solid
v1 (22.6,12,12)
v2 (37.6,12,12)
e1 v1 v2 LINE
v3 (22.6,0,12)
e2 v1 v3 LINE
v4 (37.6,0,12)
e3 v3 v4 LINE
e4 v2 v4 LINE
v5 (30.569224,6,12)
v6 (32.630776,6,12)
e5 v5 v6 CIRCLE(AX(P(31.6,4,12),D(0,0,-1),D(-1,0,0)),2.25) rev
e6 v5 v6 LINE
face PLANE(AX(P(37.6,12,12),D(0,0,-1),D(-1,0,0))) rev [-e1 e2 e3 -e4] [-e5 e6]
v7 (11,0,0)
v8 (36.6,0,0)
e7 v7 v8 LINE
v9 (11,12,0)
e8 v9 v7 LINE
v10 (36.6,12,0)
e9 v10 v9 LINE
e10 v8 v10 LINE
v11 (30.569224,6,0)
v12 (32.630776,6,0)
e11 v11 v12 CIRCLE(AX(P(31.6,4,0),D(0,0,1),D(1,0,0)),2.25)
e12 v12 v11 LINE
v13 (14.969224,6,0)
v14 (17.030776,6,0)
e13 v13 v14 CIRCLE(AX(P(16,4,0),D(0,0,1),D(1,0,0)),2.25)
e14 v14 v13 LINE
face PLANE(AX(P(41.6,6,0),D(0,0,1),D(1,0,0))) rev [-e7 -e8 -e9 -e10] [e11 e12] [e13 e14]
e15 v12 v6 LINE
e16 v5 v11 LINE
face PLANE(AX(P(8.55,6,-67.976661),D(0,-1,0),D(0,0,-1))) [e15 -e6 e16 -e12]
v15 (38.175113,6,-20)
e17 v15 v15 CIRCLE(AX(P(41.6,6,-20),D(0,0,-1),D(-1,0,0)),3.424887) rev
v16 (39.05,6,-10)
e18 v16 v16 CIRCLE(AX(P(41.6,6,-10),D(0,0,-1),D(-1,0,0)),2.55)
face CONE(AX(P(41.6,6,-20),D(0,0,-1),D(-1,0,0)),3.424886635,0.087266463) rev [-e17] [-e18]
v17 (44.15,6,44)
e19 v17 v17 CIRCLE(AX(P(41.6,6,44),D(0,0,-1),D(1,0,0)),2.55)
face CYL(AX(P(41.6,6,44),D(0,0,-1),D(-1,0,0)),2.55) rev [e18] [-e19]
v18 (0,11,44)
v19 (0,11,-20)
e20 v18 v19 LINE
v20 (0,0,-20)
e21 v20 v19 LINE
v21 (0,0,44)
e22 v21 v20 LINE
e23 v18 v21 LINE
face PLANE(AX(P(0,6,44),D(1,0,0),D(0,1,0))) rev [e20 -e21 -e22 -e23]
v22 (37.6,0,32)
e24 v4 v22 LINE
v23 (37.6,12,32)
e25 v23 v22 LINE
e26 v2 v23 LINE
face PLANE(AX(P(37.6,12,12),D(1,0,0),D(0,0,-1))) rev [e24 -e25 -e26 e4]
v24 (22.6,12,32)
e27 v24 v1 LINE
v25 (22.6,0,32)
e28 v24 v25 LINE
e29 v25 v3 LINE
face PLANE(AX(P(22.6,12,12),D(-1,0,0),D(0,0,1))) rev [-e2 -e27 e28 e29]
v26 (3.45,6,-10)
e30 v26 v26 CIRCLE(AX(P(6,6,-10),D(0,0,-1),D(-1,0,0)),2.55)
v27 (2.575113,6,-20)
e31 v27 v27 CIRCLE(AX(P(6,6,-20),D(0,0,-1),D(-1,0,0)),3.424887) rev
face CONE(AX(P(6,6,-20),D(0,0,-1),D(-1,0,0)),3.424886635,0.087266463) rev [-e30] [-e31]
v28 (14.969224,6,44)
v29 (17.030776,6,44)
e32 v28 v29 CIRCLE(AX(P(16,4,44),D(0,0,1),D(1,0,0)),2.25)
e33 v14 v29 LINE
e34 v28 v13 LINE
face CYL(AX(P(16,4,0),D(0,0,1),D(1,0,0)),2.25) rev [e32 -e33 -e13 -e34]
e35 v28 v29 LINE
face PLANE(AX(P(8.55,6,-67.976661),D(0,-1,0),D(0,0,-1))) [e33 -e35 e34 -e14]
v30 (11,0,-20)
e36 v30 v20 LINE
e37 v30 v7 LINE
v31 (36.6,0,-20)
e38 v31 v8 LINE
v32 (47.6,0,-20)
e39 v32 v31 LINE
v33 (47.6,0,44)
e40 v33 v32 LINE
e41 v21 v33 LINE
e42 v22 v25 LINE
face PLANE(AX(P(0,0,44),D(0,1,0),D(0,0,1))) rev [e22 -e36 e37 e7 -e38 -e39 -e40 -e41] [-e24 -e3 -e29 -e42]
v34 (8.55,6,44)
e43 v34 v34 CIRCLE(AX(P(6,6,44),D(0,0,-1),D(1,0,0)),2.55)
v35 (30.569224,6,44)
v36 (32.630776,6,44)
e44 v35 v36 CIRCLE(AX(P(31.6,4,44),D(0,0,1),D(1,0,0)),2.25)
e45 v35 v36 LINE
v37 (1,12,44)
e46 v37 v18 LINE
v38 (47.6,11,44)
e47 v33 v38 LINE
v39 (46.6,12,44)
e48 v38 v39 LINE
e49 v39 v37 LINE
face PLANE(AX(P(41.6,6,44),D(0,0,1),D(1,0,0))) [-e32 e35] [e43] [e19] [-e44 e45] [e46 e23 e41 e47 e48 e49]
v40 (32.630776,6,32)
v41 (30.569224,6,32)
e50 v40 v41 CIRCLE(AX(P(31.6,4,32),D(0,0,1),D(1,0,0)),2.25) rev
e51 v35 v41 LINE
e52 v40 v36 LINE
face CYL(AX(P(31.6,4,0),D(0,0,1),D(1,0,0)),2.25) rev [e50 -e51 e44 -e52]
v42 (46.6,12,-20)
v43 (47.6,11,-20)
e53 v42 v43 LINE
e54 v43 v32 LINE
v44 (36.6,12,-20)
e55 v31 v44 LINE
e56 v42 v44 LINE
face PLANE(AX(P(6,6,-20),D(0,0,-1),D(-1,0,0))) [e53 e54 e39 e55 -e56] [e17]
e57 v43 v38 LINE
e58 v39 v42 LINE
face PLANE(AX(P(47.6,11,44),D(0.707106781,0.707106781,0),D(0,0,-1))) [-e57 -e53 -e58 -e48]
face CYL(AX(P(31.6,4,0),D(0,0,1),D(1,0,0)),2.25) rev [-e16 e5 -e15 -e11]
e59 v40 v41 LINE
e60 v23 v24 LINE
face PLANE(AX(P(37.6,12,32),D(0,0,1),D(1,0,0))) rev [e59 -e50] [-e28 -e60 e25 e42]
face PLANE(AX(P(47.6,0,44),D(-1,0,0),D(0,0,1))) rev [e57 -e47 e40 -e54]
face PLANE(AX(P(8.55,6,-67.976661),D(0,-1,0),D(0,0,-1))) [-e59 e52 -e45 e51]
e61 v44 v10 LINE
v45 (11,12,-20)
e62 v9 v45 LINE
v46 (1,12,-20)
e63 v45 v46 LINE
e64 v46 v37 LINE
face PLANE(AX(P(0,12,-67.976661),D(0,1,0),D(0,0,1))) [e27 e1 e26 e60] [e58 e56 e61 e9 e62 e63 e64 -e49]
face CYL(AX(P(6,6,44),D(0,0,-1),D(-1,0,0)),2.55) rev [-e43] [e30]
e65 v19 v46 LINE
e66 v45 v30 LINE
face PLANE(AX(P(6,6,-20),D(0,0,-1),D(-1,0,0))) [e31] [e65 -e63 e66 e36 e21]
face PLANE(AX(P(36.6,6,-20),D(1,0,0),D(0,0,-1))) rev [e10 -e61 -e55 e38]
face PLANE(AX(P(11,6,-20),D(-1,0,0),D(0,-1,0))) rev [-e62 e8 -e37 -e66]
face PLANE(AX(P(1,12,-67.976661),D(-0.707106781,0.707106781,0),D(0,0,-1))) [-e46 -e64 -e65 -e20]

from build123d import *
from OCP.BRepFilletAPI import BRepFilletAPI_MakeChamfer

# Parameters (mm, degrees)
BOSS_EXTRUDE1_DEPTH = 44
SKETCH2_R           = 2.25
CUT_EXTRUDE1_DEPTH  = 66.098079849
BOSS_EXTRUDE2_START = 20
BOSS_EXTRUDE2_DEPTH = 20
BOSS_EXTRUDE3_START = -64
BOSS_EXTRUDE3_DEPTH = 64
SKETCH6_W           = 25.6
SKETCH6_H           = 20
CUT_EXTRUDE2_DEPTH  = 66.098079849
CHAMFER1_SIZE       = 10
CHAMFER1_SIZE2      = 0.874886635
CHAMFER2_SIZE       = 1
SKETCH7_W           = 15
SKETCH7_H           = 20
CUT_EXTRUDE3_DEPTH  = 66.922378598


with BuildPart() as part:
    # Sketch1 → Boss-Extrude1 (new body)
    with BuildSketch(Plane.XY):
        with BuildLine():
            Line((0, 0), (47.6, 0))
            Line((47.6, 0), (47.6, 6))
            Line((47.6, 6), (44.15, 6))
            ThreePointArc((44.15, 6), (41.6, 3.45), (39.05, 6))
            Line((39.05, 6), (8.55, 6))
            ThreePointArc((8.55, 6), (6, 3.45), (3.45, 6))
            Line((3.45, 6), (0, 6))
            Line((0, 6), (0, 0))
        make_face()
    extrude(amount=BOSS_EXTRUDE1_DEPTH)

    # Sketch2 → Cut-Extrude1 (cut, through all)
    with BuildSketch(Plane.XY.offset(44)):
        with Locations((16, 4)):
            Circle(SKETCH2_R)
        with Locations((31.6, 4)):
            Circle(SKETCH2_R)
    extrude(amount=-CUT_EXTRUDE1_DEPTH, mode=Mode.SUBTRACT)

    # Sketch4 → Boss-Extrude2 (add)
    with BuildSketch(Plane(origin=(0, 0, 0), x_dir=(-1, 0, 0), z_dir=(0, 0, -1)).offset(BOSS_EXTRUDE2_START)):
        with BuildLine():
            Line((-11, 6), (-11, 0))
            Line((-11, 0), (0, 0))
            Line((0, 0), (0, 6))
            Line((0, 6), (-3.45, 6))
            ThreePointArc((-3.45, 6), (-6, 3.45), (-8.55, 6))
            Line((-8.55, 6), (-11, 6))
        make_face()
        with BuildLine():
            Line((-36.6, 6), (-36.6, 0))
            Line((-36.6, 0), (-47.6, 0))
            Line((-47.6, 0), (-47.6, 6))
            Line((-47.6, 6), (-44.15, 6))
            ThreePointArc((-44.15, 6), (-41.6, 3.45), (-39.05, 6))
            Line((-39.05, 6), (-36.6, 6))
        make_face()
    extrude(amount=-BOSS_EXTRUDE2_DEPTH)

    # Sketch5 → Boss-Extrude3 (add)
    with BuildSketch(Plane.XY.offset(44).offset(BOSS_EXTRUDE3_START)):
        with BuildLine():
            Line((0, 6), (0, 12))
            Line((0, 12), (47.6, 12))
            Line((47.6, 12), (47.6, 6))
            Line((47.6, 6), (44.15, 6))
            ThreePointArc((44.15, 6), (41.6, 8.55), (39.05, 6))
            Line((39.05, 6), (8.55, 6))
            ThreePointArc((8.55, 6), (6, 8.55), (3.45, 6))
            Line((3.45, 6), (0, 6))
        make_face()
    extrude(amount=BOSS_EXTRUDE3_DEPTH)

    # Sketch6 → Cut-Extrude2 (cut, through all)
    with BuildSketch(Plane.XZ.offset(-6)):
        with Locations((23.8, -10)):
            Rectangle(SKETCH6_W, SKETCH6_H)
    extrude(amount=-CUT_EXTRUDE2_DEPTH, mode=Mode.SUBTRACT)

    # Chamfer1: one chamfer whose edges measure the first distance from different faces: ONE call of the kernel's chamfer builder (chamfer() names one face for all edges)
    chamfer1_edges_1 = [part.edges().sort_by_distance(p)[0] for p in [
        (6, 3.45, -20),
    ]]
    chamfer1_side_1 = [part.faces().sort_by_distance(p)[0] for p in [
        (6, 3.45, 12),
    ]]
    chamfer1_edges_2 = [part.edges().sort_by_distance(p)[0] for p in [
        (41.6, 8.55, -20),
    ]]
    chamfer1_side_2 = [part.faces().sort_by_distance(p)[0] for p in [
        (41.6, 8.55, 12),
    ]]
    chamfer1 = BRepFilletAPI_MakeChamfer(part.part.solid().wrapped)
    for e in chamfer1_edges_1:
        chamfer1.Add(CHAMFER1_SIZE, CHAMFER1_SIZE2, e.wrapped, chamfer1_side_1[0].wrapped)  # the first distance lies on this face
    for e in chamfer1_edges_2:
        chamfer1.Add(CHAMFER1_SIZE, CHAMFER1_SIZE2, e.wrapped, chamfer1_side_2[0].wrapped)  # the first distance lies on this face
    add(Compound.cast(chamfer1.Shape()), mode=Mode.REPLACE)

    # Chamfer2
    chamfer2_edges = [part.edges().sort_by_distance(p)[0] for p in [
        (47.6, 12, 12),
        (0, 12, 12),
    ]]
    chamfer(chamfer2_edges, length=CHAMFER2_SIZE)

    # Sketch7 → Cut-Extrude3 (cut, through all)
    with BuildSketch(Plane.XZ):
        with Locations((30.1, 22)):
            Rectangle(SKETCH7_W, SKETCH7_H)
    extrude(amount=-CUT_EXTRUDE3_DEPTH, mode=Mode.SUBTRACT)


solid = part.part
